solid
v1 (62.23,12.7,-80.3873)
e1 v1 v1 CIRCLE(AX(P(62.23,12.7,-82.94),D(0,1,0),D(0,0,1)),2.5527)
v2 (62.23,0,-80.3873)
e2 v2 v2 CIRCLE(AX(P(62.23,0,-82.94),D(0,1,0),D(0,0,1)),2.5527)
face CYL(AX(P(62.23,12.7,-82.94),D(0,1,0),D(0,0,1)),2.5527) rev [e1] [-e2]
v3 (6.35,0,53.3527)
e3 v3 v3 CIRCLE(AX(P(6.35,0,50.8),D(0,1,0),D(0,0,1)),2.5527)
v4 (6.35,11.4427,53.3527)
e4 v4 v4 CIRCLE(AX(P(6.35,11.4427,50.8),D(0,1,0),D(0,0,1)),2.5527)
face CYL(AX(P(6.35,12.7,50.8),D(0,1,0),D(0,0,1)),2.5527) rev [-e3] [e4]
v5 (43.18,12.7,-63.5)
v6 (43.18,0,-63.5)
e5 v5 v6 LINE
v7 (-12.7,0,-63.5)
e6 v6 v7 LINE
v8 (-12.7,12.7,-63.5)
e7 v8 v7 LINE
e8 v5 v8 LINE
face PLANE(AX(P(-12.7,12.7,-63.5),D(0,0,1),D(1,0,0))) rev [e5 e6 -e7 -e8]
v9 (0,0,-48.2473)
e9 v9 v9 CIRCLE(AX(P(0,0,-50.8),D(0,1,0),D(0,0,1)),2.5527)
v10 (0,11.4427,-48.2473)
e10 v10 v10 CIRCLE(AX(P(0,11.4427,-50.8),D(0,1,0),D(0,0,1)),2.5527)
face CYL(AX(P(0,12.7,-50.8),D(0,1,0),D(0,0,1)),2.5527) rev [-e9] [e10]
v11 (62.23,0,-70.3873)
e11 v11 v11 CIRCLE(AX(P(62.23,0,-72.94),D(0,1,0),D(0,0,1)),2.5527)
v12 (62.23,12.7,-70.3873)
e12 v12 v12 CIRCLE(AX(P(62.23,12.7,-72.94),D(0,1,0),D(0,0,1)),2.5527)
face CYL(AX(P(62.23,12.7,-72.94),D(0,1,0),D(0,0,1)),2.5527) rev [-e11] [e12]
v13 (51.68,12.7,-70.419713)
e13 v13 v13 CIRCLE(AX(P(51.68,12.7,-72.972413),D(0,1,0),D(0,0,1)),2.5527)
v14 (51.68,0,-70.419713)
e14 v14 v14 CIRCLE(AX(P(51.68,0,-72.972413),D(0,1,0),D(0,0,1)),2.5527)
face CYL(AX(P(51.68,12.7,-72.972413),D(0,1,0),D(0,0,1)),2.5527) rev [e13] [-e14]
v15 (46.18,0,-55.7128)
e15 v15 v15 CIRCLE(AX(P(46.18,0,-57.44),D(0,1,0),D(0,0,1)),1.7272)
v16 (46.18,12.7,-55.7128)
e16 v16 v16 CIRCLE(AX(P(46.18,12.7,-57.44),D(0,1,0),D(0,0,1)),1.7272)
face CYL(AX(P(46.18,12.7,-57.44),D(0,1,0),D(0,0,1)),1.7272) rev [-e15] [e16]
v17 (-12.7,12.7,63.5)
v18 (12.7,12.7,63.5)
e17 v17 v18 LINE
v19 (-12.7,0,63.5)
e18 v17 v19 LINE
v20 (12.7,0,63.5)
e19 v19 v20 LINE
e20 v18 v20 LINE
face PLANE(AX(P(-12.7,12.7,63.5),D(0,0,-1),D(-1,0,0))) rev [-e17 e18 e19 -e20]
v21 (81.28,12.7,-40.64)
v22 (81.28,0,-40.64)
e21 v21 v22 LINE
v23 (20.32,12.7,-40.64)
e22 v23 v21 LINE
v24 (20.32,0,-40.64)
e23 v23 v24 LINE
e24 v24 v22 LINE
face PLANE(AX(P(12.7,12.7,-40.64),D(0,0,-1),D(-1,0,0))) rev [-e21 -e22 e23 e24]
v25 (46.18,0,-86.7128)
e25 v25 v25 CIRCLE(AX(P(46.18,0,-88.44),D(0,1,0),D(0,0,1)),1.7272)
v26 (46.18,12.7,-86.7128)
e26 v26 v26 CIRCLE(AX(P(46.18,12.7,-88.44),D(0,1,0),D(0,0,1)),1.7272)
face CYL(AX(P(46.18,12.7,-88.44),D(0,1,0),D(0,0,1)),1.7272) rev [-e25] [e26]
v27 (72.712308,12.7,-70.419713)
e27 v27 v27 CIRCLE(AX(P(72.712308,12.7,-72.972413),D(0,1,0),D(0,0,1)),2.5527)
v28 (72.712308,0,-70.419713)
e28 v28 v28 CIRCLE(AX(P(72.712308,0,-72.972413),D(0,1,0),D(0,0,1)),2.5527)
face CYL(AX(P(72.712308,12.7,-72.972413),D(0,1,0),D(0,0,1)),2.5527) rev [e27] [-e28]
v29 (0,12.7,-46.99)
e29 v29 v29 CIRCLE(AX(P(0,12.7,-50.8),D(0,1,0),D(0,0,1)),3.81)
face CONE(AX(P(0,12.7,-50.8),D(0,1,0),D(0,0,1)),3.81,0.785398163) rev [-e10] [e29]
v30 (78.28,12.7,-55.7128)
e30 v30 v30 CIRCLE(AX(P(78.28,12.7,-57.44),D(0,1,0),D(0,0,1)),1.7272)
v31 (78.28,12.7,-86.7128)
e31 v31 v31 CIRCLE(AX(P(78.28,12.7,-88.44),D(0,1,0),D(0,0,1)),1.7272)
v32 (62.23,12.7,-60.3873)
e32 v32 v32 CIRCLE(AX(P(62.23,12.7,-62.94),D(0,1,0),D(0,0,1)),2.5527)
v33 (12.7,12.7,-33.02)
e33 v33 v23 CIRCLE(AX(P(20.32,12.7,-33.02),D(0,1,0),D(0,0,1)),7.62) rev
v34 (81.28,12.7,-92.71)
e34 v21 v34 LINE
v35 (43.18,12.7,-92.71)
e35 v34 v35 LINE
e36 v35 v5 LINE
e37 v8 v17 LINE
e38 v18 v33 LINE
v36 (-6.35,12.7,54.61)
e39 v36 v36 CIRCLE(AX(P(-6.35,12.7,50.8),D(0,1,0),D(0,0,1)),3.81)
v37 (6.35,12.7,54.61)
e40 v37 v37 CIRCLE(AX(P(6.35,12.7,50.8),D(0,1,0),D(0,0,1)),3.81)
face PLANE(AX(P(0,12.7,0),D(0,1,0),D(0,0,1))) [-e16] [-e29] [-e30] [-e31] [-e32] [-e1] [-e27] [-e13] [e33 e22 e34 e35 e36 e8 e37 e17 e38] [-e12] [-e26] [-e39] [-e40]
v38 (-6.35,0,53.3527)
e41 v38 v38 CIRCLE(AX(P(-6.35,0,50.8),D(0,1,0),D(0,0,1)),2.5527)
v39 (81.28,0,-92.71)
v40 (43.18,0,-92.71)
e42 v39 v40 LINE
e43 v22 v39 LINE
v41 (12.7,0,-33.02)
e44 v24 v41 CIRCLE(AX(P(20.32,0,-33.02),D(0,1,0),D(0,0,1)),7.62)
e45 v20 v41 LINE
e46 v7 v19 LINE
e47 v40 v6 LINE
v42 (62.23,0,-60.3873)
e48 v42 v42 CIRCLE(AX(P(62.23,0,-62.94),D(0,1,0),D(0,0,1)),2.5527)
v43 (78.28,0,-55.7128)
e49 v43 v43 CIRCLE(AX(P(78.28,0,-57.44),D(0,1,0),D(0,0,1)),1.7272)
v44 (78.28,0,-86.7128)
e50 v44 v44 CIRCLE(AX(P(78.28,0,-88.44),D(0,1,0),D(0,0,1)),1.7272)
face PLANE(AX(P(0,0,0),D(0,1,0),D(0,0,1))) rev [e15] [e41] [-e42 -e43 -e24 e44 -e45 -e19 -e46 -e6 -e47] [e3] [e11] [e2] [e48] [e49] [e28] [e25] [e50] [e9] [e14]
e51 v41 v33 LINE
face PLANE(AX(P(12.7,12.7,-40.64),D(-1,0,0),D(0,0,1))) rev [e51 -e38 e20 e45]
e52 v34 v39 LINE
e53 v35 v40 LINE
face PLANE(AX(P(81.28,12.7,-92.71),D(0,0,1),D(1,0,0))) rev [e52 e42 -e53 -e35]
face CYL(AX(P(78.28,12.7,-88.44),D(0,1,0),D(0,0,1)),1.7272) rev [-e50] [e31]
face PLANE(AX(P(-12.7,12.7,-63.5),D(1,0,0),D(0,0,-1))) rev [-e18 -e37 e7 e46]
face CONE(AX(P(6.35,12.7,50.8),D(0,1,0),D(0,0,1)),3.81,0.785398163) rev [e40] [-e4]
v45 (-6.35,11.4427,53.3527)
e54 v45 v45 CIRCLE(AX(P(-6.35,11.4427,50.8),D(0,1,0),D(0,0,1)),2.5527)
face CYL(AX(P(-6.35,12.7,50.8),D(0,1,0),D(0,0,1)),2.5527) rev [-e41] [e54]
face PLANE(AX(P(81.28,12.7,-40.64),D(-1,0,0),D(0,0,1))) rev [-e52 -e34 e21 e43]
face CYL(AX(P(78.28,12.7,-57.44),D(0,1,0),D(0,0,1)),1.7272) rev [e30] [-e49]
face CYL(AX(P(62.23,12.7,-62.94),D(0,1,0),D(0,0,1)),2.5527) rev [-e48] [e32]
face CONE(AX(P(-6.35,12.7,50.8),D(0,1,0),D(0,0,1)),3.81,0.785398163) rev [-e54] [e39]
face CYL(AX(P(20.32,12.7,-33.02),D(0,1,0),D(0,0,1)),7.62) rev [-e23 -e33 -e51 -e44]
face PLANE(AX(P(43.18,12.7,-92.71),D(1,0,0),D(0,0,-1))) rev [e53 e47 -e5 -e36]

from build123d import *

# Parameters (mm, degrees)
BOSS_EXTRUDE1_DEPTH               = 12.7
F_1_4_20_TAPPED_HOLE1_D           = 5.1054
F_1_4_20_TAPPED_HOLE1_DEPTH       = 12.7
F_1_4_20_TAPPED_HOLE1_CSINK_D     = 7.62
F_1_4_20_TAPPED_HOLE1_CSINK_ANGLE = 90
F_1_4_20_TAPPED_HOLE2_D           = 5.1054
F_1_4_20_TAPPED_HOLE2_DEPTH       = 12.7
F_1_4_20_TAPPED_HOLE2_CSINK_D     = 7.62
F_1_4_20_TAPPED_HOLE2_CSINK_ANGLE = 90
F_29_0_136_DIAMETER_HOLE1_D       = 3.4544
F_29_0_136_DIAMETER_HOLE1_DEPTH   = 12.7
F_1_4_20_TAPPED_HOLE4_D           = 5.1054
F_1_4_20_TAPPED_HOLE4_DEPTH       = 12.7
LPATTERN1_COUNT                   = 3
LPATTERN1_PITCH                   = 10
F_1_4_20_TAPPED_HOLE6_D           = 5.1054
F_1_4_20_TAPPED_HOLE6_DEPTH       = 12.7
FILLET1_R                         = 7.62


with BuildPart() as part:
    # Sketch1 → Boss-Extrude1 (new body)
    with BuildSketch(Plane(origin=(0, 0, 0), x_dir=(1, 0, 0), z_dir=(0, 1, 0))):
        Polygon((81.28, 40.64), (81.28, 92.71), (43.18, 92.71), (43.18, 63.5), (12.7, 63.5), (-12.7, 63.5), (-12.7, -63.5), (12.7, -63.5), (12.7, 40.64), align=None)
    extrude(amount=BOSS_EXTRUDE1_DEPTH)

    # 1/4-20 Tapped Hole1
    with Locations(Plane(origin=(0, 12.7, 0), x_dir=(1, 0, 0), z_dir=(0, 1, 0))):
        with Locations((-6.35, -50.8), (6.35, -50.8)):
            CounterSinkHole(F_1_4_20_TAPPED_HOLE1_D / 2, F_1_4_20_TAPPED_HOLE1_CSINK_D / 2, depth=F_1_4_20_TAPPED_HOLE1_DEPTH, counter_sink_angle=F_1_4_20_TAPPED_HOLE1_CSINK_ANGLE)

    # 1/4-20 Tapped Hole2
    with Locations(Plane(origin=(0, 12.7, 0), x_dir=(1, 0, 0), z_dir=(0, 1, 0))):
        with Locations((0, 50.8)):
            CounterSinkHole(F_1_4_20_TAPPED_HOLE2_D / 2, F_1_4_20_TAPPED_HOLE2_CSINK_D / 2, depth=F_1_4_20_TAPPED_HOLE2_DEPTH, counter_sink_angle=F_1_4_20_TAPPED_HOLE2_CSINK_ANGLE)

    # #29 (0.136) Diameter Hole1
    with Locations(Plane(origin=(0, 12.7, 0), x_dir=(1, 0, 0), z_dir=(0, 1, 0))):
        with Locations((46.18, 88.44), (78.28, 88.44), (46.18, 57.44), (78.28, 57.44)):
            Hole(F_29_0_136_DIAMETER_HOLE1_D / 2, depth=F_29_0_136_DIAMETER_HOLE1_DEPTH)

    # 1/4-20 Tapped Hole4
    with Locations(Plane(origin=(0, 12.7, 0), x_dir=(1, 0, 0), z_dir=(0, 1, 0))):
        with Locations((62.23, 82.94)):
            f_1_4_20_tapped_hole4 = Hole(F_1_4_20_TAPPED_HOLE4_D / 2, depth=F_1_4_20_TAPPED_HOLE4_DEPTH)

    # LPattern1: 1/4-20 Tapped Hole4 ×3
    with Locations(*[(0, 0, i * LPATTERN1_PITCH) for i in range(1, LPATTERN1_COUNT)]):
        add(f_1_4_20_tapped_hole4, mode=Mode.SUBTRACT)

    # 1/4-20 Tapped Hole6
    with Locations(Plane(origin=(0, 12.7, 0), x_dir=(1, 0, 0), z_dir=(0, 1, 0))):
        with Locations((51.68, 72.972413119), (72.71230772, 72.972413119)):
            Hole(F_1_4_20_TAPPED_HOLE6_D / 2, depth=F_1_4_20_TAPPED_HOLE6_DEPTH)

    # Fillet1
    fillet1_edges = [part.edges().sort_by_distance(p)[0] for p in [
        (12.7, 6.35, -40.64),
    ]]
    fillet(fillet1_edges, radius=FILLET1_R)


solid = part.part
